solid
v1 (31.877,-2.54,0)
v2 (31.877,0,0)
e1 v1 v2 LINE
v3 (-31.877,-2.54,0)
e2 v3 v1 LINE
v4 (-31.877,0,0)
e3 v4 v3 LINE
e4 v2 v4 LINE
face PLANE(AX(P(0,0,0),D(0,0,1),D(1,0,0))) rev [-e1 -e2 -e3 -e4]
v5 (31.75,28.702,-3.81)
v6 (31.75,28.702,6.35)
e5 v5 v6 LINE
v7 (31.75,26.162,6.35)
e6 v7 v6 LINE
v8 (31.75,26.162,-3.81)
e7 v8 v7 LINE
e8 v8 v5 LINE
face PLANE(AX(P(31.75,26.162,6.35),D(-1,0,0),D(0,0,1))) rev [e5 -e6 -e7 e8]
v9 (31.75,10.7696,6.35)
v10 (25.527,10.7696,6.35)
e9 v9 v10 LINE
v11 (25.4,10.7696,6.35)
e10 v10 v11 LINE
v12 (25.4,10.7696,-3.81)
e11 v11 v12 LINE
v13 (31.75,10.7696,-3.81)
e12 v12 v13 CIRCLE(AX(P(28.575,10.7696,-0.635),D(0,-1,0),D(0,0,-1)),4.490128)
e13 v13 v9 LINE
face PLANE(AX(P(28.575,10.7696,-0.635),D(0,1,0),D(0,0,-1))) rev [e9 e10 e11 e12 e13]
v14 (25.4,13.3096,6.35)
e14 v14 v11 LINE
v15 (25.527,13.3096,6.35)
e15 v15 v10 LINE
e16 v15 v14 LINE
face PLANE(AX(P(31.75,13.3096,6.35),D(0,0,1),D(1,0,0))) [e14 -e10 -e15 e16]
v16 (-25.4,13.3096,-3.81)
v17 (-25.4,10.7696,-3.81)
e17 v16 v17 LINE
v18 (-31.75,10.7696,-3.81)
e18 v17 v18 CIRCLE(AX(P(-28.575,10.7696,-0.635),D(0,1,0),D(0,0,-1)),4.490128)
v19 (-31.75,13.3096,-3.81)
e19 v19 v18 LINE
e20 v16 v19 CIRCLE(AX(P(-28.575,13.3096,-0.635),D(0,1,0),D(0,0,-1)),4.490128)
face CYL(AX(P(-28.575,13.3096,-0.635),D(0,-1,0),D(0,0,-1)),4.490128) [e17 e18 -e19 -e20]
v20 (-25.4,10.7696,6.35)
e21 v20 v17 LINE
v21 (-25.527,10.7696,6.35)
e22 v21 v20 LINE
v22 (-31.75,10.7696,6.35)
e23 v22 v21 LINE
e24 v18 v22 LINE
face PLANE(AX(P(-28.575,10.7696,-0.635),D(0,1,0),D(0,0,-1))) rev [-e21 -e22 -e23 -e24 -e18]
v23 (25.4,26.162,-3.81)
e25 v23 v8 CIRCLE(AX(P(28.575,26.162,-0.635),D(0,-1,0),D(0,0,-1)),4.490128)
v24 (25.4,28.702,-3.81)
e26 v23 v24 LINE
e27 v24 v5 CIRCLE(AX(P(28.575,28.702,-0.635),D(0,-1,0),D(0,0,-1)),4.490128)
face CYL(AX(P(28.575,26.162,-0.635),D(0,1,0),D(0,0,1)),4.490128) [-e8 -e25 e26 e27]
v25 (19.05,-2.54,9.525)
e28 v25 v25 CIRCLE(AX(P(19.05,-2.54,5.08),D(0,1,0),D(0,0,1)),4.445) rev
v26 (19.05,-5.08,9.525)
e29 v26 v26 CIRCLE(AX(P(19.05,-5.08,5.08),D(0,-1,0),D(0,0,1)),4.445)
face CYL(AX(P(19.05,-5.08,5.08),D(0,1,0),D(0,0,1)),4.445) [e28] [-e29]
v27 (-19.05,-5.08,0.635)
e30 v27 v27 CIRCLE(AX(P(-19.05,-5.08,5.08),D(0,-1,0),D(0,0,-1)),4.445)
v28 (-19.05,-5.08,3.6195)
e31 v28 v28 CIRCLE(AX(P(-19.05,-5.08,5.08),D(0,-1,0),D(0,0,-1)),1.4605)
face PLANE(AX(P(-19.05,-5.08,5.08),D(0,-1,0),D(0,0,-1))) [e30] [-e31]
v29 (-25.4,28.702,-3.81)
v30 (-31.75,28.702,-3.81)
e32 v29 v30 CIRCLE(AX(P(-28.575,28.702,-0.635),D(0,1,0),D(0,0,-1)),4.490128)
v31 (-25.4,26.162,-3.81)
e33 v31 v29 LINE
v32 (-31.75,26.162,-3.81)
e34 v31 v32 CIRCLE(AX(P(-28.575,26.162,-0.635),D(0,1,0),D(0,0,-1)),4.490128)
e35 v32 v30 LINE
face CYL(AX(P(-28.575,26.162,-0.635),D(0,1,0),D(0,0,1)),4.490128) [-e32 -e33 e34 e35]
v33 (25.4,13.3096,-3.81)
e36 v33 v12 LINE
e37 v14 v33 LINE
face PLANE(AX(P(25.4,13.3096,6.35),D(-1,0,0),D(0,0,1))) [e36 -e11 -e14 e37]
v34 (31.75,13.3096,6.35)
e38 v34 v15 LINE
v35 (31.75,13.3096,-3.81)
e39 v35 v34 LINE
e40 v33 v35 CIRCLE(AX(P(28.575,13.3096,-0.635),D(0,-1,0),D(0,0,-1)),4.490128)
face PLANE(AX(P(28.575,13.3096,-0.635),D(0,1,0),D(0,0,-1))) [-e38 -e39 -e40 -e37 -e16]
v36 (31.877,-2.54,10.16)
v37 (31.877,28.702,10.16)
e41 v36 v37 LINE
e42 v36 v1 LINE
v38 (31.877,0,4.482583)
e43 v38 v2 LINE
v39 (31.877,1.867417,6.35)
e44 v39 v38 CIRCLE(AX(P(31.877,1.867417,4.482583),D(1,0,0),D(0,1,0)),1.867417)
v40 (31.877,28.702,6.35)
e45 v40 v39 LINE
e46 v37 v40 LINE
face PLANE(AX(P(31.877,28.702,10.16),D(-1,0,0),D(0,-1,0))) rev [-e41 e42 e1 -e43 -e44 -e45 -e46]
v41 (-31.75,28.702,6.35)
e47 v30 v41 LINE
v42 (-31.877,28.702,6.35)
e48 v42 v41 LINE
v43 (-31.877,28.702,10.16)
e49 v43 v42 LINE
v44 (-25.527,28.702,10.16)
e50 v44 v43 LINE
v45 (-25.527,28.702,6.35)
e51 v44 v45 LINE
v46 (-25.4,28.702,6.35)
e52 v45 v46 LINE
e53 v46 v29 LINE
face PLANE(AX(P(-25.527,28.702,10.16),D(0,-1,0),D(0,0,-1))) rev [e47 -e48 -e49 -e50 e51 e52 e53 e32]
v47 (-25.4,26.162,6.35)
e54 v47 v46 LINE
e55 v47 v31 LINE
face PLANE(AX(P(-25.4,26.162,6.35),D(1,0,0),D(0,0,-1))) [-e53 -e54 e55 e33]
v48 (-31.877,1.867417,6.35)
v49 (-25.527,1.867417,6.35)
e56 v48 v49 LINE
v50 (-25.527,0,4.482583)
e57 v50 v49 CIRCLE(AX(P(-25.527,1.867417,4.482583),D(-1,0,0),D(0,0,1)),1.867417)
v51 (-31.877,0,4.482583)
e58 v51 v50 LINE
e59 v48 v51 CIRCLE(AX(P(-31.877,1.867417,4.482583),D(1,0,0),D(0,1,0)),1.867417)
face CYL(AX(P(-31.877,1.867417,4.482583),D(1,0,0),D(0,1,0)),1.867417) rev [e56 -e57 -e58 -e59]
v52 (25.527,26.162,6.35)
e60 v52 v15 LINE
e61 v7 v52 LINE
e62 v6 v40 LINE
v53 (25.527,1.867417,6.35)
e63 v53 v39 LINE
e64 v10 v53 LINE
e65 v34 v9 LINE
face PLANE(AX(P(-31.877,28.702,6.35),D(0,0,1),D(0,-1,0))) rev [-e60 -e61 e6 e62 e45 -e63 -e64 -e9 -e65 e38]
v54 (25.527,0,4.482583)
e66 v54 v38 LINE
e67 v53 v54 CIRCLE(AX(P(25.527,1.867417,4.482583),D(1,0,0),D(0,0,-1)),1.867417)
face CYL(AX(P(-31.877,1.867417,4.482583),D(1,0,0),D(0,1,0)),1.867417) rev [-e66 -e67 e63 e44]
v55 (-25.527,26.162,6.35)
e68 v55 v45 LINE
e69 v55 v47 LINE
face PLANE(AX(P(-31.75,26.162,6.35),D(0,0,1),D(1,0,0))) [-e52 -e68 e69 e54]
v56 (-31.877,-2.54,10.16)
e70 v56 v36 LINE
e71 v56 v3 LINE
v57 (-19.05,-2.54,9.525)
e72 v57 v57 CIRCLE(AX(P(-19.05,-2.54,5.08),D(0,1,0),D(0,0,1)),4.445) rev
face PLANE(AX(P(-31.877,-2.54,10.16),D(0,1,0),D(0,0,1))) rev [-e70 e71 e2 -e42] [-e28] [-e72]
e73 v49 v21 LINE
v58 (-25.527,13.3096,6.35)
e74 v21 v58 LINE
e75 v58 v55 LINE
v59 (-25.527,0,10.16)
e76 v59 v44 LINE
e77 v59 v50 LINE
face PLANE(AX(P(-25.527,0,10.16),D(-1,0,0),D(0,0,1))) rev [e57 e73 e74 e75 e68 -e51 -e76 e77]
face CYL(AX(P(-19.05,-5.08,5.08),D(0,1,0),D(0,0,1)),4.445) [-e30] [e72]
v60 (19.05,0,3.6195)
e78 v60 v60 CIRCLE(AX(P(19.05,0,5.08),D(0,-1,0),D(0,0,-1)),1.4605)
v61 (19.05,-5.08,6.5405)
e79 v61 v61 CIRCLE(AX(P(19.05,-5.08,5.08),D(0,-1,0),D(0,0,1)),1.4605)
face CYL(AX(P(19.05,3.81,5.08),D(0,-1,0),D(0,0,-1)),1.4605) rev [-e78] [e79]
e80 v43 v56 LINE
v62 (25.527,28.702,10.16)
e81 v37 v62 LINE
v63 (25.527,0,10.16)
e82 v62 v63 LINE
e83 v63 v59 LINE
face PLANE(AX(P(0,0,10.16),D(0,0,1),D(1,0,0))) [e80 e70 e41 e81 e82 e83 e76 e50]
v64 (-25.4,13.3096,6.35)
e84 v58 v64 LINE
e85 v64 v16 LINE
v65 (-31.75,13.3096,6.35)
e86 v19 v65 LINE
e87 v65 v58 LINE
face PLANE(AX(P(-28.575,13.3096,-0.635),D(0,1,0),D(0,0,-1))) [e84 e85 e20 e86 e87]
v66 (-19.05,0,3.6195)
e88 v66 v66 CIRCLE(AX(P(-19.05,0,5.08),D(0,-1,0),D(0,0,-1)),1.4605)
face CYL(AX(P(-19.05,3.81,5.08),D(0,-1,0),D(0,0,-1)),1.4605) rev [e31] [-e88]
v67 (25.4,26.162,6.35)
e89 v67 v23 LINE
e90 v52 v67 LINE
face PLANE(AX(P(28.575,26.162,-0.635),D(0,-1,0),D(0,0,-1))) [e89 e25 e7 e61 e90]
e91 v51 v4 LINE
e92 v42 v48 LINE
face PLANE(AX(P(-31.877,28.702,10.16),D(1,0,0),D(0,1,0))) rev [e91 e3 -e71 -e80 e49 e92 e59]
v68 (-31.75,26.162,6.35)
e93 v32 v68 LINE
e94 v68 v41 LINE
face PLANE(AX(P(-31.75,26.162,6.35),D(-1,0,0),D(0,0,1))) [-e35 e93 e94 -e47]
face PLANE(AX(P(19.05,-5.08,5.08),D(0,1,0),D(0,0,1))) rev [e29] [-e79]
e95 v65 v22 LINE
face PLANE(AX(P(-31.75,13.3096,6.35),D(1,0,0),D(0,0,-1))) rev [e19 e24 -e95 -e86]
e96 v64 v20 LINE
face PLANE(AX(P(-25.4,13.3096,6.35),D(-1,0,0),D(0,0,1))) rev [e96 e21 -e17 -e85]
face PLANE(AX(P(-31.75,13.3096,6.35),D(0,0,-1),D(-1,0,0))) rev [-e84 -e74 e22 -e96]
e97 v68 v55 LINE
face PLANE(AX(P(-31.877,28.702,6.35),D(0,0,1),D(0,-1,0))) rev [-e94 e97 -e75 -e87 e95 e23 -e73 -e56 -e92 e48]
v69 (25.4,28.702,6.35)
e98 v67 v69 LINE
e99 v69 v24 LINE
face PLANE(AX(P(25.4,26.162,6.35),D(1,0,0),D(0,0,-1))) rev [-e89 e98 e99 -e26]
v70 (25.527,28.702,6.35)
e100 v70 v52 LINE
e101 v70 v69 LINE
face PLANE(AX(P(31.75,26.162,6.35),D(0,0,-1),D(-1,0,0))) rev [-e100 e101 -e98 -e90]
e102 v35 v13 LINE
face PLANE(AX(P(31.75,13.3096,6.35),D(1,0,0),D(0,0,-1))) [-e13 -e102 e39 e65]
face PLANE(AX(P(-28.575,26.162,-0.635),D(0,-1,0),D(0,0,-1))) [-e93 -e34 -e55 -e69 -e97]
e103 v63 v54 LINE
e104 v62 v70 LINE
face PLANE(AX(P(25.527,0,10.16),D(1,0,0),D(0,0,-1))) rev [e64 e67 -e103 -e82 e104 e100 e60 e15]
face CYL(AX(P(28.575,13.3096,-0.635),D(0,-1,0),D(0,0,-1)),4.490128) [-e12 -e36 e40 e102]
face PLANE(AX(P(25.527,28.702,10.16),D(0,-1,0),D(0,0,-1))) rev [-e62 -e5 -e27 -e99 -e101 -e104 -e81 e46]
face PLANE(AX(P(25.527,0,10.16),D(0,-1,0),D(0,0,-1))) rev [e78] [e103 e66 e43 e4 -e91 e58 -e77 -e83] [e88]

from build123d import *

# Parameters (mm, degrees)
BOSS_EXTRUDE1_DEPTH  = 10.16
CUT_EXTRUDE1_DEPTH   = 64.754
SKETCH3_R            = 1.4605
CUT_EXTRUDE2_DEPTH   = 6.35
BOSS_EXTRUDE2_DEPTH  = 2.54
MIRROR2_COPY_1_DEPTH = 2.54
SKETCH6_R            = 4.445
SKETCH6_R_2          = 1.4605
BOSS_EXTRUDE3_DEPTH  = 2.54


with BuildPart() as part:
    # Sketch1 → Boss-Extrude1 (new body)
    with BuildSketch(Plane.XY):
        Polygon((25.527, 0), (-25.527, 0), (-25.527, 28.702), (-31.877, 28.702), (-31.877, -2.54), (31.877, -2.54), (31.877, 28.702), (25.527, 28.702), align=None)
    extrude(amount=BOSS_EXTRUDE1_DEPTH)

    # Sketch2 → Cut-Extrude1 (cut, through all)
    with BuildSketch(Plane(origin=(31.877, 0, 0), x_dir=(0, 0, -1), z_dir=(1, 0, 0))):
        with BuildLine():
            Line((-6.35, 28.702), (-6.35, 1.867416652))
            ThreePointArc((-6.35, 1.867416652), (-5.803046326, 0.546953674), (-4.482583348, 0))
            Line((-4.482583348, 0), (0, 0))
            Line((0, 0), (0, 28.702))
            Line((0, 28.702), (-6.35, 28.702))
        make_face()
    extrude(amount=-CUT_EXTRUDE1_DEPTH, mode=Mode.SUBTRACT)

    # Sketch3 → Cut-Extrude2 (cut)
    with BuildSketch(Plane.XZ.offset(2.54)):
        with Locations((-19.05, 5.08)):
            Circle(SKETCH3_R)
        with Locations((19.05, 5.08)):
            Circle(SKETCH3_R)
    extrude(amount=-CUT_EXTRUDE2_DEPTH, mode=Mode.SUBTRACT)

    # Sketch5 → Boss-Extrude2 (add)
    with BuildSketch(Plane(origin=(0, 28.702, 0), x_dir=(1, 0, 0), z_dir=(0, 1, 0))):
        with BuildLine():
            Line((-31.75, -6.35), (-31.75, 3.81))
            ThreePointArc((-31.75, 3.81), (-28.575, 5.125128061), (-25.4, 3.81))
            Line((-25.4, 3.81), (-25.4, -6.35))
            Line((-25.4, -6.35), (-31.75, -6.35))
        make_face()
    boss_extrude2 = extrude(amount=-BOSS_EXTRUDE2_DEPTH)

    # Mirror1: Boss-Extrude2 across plane
    add(boss_extrude2.mirror(Plane(origin=(0, 19.7358, 0), x_dir=(0, 0, 1), z_dir=(0, -1, 0))))

    # Mirror2: Boss-Extrude2 across plane
    add(boss_extrude2.mirror(Plane(origin=(0, 0, 0), x_dir=(0, 0, 1), z_dir=(1, 0, 0))))

    # Mirror2 copy 1 sketch → Mirror2 copy 1 (add)
    with BuildSketch(Plane(origin=(0, 10.7696, 0), x_dir=(-1, 0, 0), z_dir=(0, -1, 0))):
        with BuildLine():
            Line((-31.75, -6.35), (-31.75, 3.81))
            ThreePointArc((-31.75, 3.81), (-28.575, 5.125128061), (-25.4, 3.81))
            Line((-25.4, 3.81), (-25.4, -6.35))
            Line((-25.4, -6.35), (-31.75, -6.35))
        make_face()
    extrude(amount=-MIRROR2_COPY_1_DEPTH)

    # Sketch6 → Boss-Extrude3 (add)
    with BuildSketch(Plane.XZ.offset(2.54)):
        with Locations((-19.05, 5.08)):
            Circle(SKETCH6_R)
        with Locations((-19.05, 5.08)):
            Circle(SKETCH6_R_2, mode=Mode.SUBTRACT)
        with Locations((19.05, 5.08)):
            Circle(SKETCH6_R)
        with Locations((19.05, 5.08)):
            Circle(SKETCH6_R_2, mode=Mode.SUBTRACT)
    extrude(amount=BOSS_EXTRUDE3_DEPTH)


solid = part.part
